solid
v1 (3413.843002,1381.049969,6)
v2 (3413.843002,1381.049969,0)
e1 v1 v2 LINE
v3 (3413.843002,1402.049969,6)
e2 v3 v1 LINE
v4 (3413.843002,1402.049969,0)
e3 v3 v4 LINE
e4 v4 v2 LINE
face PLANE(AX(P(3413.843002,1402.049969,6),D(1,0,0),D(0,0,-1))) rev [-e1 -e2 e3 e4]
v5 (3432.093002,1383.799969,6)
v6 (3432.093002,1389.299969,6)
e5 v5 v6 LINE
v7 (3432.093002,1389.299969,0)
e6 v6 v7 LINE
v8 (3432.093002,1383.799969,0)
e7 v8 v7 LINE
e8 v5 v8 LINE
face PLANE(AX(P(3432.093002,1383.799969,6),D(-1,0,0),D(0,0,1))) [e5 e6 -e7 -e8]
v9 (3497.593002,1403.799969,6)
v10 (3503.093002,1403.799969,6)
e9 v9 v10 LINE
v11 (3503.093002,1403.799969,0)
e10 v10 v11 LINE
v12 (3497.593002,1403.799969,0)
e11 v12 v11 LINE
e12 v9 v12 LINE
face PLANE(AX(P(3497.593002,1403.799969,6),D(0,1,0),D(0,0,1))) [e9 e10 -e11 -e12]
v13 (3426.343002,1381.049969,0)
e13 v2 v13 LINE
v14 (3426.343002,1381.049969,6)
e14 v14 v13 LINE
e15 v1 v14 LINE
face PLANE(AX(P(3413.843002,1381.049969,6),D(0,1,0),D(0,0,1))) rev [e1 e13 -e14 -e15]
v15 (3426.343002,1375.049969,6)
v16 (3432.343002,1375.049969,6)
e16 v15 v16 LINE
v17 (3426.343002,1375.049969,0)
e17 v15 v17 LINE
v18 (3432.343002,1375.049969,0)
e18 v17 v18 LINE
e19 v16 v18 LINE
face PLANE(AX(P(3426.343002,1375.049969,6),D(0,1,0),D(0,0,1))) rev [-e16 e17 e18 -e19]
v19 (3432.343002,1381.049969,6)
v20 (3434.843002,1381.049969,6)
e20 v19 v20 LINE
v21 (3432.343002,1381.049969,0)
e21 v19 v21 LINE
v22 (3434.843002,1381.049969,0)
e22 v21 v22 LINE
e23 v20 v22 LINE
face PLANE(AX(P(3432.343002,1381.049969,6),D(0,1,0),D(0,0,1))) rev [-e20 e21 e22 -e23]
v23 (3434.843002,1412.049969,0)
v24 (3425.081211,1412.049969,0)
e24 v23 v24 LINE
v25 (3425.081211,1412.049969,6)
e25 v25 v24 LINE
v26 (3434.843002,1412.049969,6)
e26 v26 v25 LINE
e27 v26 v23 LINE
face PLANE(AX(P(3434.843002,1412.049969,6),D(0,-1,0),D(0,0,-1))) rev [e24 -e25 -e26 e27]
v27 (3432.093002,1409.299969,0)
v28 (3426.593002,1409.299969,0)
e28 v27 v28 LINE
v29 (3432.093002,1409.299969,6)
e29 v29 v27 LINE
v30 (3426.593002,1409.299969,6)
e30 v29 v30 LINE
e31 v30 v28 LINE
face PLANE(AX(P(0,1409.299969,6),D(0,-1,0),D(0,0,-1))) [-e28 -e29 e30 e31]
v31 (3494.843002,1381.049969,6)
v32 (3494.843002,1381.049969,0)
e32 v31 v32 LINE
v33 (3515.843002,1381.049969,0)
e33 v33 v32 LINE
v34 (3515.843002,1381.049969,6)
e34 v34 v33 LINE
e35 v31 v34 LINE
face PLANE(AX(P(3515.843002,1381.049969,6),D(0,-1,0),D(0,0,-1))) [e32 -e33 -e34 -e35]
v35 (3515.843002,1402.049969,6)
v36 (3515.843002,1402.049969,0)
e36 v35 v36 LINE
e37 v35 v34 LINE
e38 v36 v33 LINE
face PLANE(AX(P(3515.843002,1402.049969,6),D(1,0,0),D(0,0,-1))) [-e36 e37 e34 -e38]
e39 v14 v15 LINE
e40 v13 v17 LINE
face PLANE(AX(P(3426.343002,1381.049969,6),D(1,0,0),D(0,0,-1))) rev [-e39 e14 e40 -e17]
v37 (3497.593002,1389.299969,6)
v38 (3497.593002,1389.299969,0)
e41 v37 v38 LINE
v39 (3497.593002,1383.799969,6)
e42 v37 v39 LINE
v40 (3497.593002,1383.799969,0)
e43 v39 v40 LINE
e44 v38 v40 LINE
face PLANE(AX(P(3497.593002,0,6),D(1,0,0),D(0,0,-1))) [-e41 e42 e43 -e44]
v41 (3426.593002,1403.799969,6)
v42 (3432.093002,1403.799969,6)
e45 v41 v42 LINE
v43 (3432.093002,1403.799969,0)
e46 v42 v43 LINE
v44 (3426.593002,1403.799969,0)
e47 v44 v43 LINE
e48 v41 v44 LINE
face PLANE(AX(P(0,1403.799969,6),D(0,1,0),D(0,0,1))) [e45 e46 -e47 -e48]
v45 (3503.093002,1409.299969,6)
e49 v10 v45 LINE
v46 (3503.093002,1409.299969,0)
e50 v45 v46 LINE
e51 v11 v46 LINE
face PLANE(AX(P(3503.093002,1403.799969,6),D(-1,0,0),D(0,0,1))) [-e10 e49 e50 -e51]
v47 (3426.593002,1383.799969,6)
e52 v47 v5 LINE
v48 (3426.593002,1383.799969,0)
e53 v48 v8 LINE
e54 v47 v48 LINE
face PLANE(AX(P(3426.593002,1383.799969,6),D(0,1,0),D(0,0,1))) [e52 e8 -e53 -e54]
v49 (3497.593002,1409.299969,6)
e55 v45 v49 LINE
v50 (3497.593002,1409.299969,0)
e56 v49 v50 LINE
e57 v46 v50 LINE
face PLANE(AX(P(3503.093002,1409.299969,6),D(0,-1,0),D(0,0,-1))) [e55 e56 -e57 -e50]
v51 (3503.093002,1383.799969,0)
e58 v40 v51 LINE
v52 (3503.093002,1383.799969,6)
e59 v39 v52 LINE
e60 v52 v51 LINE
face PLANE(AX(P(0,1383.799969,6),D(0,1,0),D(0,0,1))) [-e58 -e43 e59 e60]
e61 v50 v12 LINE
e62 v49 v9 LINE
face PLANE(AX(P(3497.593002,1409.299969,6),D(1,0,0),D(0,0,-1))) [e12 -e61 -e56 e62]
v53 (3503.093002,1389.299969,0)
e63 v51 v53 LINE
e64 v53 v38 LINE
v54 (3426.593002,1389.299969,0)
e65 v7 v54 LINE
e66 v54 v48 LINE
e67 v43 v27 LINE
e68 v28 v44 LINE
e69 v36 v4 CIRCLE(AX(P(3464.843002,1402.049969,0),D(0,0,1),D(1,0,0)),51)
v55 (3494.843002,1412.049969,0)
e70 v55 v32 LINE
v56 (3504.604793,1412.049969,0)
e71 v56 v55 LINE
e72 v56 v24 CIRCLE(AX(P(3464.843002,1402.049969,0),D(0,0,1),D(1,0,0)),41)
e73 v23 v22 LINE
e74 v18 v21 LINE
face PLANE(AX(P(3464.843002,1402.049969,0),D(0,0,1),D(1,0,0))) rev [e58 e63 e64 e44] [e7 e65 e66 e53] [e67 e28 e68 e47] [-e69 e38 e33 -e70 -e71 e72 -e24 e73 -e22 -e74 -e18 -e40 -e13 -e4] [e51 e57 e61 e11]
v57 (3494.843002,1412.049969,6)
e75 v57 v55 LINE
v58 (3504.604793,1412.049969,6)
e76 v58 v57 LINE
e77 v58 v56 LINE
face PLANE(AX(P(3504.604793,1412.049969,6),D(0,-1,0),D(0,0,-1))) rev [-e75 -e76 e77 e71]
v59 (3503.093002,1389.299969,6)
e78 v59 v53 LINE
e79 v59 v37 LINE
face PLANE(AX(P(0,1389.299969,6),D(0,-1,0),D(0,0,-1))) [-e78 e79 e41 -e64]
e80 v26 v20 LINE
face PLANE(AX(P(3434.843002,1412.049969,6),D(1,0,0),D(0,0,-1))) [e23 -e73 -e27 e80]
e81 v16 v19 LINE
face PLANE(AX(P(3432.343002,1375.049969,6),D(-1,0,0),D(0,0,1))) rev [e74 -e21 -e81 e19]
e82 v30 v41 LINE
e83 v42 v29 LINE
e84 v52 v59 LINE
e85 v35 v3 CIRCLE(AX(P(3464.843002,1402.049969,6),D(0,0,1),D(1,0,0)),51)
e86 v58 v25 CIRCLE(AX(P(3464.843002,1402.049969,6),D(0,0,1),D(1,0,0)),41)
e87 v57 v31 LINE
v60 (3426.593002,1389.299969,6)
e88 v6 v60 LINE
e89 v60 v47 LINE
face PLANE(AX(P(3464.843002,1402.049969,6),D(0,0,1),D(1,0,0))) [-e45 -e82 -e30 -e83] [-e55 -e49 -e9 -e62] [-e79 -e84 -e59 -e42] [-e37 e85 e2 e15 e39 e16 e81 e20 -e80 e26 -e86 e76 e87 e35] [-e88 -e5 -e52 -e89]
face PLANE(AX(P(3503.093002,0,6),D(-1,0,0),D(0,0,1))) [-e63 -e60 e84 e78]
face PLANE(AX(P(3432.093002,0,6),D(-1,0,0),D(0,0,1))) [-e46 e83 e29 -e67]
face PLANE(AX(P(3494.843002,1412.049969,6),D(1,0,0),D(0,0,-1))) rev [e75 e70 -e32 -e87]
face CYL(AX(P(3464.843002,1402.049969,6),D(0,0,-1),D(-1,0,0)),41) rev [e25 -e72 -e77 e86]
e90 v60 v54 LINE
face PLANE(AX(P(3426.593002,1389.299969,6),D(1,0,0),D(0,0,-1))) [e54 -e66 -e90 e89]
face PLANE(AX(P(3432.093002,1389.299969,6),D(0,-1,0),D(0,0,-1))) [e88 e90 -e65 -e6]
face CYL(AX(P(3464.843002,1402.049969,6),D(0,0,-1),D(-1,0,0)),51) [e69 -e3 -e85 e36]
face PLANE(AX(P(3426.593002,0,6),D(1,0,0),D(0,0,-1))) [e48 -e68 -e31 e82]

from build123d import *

# Parameters (mm, degrees)
MODEL_W             = 5.5
MODEL_H             = 5.5
BOSS_EXTRUDE1_DEPTH = 6


with BuildPart() as part:
    # Model → Boss-Extrude1 (new body)
    with BuildSketch(Plane.XY):
        with BuildLine():
            Line((3413.843002063, 1402.049969321), (3413.843002063, 1381.049969321))
            Line((3413.843002063, 1381.049969321), (3426.343002063, 1381.049969321))
            Line((3426.343002063, 1381.049969321), (3426.343002063, 1375.049969321))
            Line((3426.343002063, 1375.049969321), (3432.343002063, 1375.049969321))
            Line((3432.343002063, 1375.049969321), (3432.343002063, 1381.049969321))
            Line((3432.343002063, 1381.049969321), (3434.843002063, 1381.049969321))
            Line((3434.843002063, 1381.049969321), (3434.843002063, 1412.049969321))
            Line((3434.843002063, 1412.049969321), (3425.081211359, 1412.049969321))
            ThreePointArc((3425.081211359, 1412.049969321), (3464.843002063, 1443.049969321), (3504.604792768, 1412.049969321))
            Line((3504.604792768, 1412.049969321), (3494.843002063, 1412.049969321))
            Line((3494.843002063, 1412.049969321), (3494.843002063, 1381.049969321))
            Line((3494.843002063, 1381.049969321), (3505.843002063, 1381.049969321))
            Line((3505.843002063, 1381.049969321), (3515.843002063, 1381.049969321))
            Line((3515.843002063, 1381.049969321), (3515.843002063, 1402.049969321))
            ThreePointArc((3515.843002063, 1402.049969321), (3464.843002063, 1453.049969321), (3413.843002063, 1402.049969321))
        make_face()
        with Locations((3500.343002063, 1386.549969321)):
            Rectangle(MODEL_W, MODEL_H, mode=Mode.SUBTRACT)
        with Locations((3500.343002063, 1406.549969321)):
            Rectangle(MODEL_W, MODEL_H, mode=Mode.SUBTRACT)
        with Locations((3429.343002063, 1386.549969321)):
            Rectangle(MODEL_W, MODEL_H, mode=Mode.SUBTRACT)
        with Locations((3429.343002063, 1406.549969321)):
            Rectangle(MODEL_W, MODEL_H, mode=Mode.SUBTRACT)
    extrude(amount=BOSS_EXTRUDE1_DEPTH)


solid = part.part
